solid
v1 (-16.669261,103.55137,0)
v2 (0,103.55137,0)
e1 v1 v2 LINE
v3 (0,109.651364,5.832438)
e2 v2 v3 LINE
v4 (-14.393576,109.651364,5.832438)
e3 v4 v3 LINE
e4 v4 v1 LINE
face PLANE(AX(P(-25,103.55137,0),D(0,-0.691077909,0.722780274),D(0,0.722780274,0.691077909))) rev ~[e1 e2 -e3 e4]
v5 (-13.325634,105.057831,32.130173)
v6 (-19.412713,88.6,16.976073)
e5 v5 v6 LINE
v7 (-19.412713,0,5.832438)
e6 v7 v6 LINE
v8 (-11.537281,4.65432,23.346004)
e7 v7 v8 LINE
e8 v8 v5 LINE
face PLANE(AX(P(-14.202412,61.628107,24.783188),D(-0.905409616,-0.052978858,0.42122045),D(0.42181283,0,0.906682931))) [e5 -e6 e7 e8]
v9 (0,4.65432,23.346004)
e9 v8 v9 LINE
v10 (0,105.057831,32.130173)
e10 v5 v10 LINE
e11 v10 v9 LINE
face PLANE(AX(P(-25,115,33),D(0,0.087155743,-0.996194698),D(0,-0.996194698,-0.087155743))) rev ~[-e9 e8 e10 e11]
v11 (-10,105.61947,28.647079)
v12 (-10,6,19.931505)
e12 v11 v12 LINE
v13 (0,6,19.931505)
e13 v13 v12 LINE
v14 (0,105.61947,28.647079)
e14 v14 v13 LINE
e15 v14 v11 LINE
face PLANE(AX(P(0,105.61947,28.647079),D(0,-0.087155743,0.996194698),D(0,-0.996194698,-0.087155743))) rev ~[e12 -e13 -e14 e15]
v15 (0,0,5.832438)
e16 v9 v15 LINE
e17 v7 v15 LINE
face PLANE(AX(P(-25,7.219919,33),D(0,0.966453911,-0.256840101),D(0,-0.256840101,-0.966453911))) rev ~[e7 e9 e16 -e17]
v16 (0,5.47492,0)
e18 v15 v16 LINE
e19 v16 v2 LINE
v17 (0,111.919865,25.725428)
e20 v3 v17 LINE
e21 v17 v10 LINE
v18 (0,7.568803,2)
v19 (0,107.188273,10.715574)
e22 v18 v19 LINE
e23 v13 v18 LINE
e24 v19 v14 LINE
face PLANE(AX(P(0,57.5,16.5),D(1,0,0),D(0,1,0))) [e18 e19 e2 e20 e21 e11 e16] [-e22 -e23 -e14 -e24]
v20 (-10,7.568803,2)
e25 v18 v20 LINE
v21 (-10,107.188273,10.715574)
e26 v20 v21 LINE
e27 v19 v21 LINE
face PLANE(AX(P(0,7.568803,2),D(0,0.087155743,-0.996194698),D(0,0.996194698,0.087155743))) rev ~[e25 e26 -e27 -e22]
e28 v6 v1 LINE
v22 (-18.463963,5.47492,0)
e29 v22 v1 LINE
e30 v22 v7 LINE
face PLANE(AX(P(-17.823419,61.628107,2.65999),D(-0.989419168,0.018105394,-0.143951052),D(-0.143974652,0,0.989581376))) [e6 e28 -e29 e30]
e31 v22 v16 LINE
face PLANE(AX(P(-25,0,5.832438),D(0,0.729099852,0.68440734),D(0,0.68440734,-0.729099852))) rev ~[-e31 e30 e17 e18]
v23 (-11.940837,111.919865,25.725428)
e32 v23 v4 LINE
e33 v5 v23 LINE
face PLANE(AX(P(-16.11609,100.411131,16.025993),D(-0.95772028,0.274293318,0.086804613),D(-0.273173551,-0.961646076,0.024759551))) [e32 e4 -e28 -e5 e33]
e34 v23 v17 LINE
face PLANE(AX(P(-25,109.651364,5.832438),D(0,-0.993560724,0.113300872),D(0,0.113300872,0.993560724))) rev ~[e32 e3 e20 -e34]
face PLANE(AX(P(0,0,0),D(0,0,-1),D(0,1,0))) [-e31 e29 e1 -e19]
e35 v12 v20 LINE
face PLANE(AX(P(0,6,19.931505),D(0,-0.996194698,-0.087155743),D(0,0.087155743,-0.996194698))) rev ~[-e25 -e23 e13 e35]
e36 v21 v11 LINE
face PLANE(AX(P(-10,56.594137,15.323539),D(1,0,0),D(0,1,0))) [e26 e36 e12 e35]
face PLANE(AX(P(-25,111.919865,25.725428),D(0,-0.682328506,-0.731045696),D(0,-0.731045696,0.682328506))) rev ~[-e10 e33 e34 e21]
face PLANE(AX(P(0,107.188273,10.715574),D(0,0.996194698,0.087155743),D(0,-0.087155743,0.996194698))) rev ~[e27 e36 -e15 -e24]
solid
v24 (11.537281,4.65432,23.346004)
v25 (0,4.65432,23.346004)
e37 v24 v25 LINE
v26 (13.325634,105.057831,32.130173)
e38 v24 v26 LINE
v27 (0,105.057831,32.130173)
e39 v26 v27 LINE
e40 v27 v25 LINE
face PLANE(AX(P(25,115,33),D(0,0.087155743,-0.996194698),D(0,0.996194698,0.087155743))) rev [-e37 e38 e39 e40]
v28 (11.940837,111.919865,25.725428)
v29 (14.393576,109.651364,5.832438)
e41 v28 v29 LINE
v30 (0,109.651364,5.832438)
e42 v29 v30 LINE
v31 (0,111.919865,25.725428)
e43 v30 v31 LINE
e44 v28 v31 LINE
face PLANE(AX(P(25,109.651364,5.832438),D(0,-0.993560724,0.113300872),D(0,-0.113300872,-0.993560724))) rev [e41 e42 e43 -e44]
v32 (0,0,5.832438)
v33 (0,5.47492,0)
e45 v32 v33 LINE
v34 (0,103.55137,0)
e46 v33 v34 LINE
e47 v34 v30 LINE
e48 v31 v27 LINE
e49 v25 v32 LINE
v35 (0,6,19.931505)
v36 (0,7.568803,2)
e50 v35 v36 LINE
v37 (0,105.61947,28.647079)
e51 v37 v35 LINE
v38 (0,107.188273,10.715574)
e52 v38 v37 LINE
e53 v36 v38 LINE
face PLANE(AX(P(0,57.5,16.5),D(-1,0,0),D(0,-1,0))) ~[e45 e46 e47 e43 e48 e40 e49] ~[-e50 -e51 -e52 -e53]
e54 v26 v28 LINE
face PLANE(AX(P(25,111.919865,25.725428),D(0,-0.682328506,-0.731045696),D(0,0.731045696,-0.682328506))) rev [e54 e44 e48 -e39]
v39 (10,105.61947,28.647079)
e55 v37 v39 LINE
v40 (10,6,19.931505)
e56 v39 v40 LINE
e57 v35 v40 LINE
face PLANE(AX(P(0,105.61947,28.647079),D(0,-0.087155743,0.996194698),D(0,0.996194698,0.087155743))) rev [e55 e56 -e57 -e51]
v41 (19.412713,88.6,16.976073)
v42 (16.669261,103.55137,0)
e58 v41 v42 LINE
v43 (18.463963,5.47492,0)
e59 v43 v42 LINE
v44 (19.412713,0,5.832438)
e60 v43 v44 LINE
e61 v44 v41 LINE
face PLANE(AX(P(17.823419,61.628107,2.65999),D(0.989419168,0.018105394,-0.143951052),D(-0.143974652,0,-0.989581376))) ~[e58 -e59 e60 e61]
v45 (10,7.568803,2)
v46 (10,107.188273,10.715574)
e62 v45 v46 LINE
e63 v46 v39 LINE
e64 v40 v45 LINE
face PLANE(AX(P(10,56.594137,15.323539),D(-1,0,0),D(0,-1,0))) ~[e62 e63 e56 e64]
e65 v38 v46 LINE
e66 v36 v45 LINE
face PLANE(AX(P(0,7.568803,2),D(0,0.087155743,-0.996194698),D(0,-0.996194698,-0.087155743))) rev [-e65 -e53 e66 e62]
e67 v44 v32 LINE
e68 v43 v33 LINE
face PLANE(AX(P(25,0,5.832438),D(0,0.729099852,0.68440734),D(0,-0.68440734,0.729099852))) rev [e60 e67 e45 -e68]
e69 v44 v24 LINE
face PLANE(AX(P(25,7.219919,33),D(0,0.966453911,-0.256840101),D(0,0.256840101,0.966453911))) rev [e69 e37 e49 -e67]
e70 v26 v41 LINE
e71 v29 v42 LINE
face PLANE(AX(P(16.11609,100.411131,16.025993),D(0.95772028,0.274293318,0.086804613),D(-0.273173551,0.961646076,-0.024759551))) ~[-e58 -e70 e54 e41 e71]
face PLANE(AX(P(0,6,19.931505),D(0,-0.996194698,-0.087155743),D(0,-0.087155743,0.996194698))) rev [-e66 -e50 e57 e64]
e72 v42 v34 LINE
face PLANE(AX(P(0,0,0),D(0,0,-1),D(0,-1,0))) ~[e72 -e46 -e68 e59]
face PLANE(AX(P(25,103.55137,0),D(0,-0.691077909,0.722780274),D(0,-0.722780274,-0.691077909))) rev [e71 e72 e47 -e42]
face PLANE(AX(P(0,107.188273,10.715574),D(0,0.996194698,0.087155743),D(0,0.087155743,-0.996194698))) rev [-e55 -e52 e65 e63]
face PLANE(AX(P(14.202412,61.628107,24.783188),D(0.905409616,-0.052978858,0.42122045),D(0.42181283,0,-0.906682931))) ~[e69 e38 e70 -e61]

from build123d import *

# Parameters (mm, degrees)
F0_W      = 115
F0_H      = 33
F1_DEPTH  = 25
F3_DEPTH  = 10
F5_DEPTH  = 25
F7_DEPTH  = 25
F9_DEPTH  = 25
F17_W     = 32.7993407845
F17_H     = 37.9629414529
F18_DEPTH = 25


with BuildPart() as f1:
    # F0 (on Right) → F1 (new body)
    with BuildSketch(Plane.YZ):
        with Locations((57.5, 16.5)):
            Rectangle(F0_W, F0_H)
    extrude(amount=-F1_DEPTH)

    # F2 (on face) → F3 (cut)
    with BuildSketch(Plane.YZ):
        Polygon((105.6194698092, 28.6470788404), (6, 19.9315045657), (7.5688033695, 2), (107.1882731786, 10.7155742748), align=None)
    extrude(amount=-F3_DEPTH, mode=Mode.SUBTRACT)

    # F4 (on face) → F5 (cut)
    with BuildSketch(Plane(origin=(-25, 0, 0), x_dir=(0, -1, 0), z_dir=(-1, 0, 0))):
        Polygon((0, 5.8324378915), (-5.4749199189, 0), (-7.2199194692, -11.1495498568), (5.3801964968, -11.1495498568), (5.3801964968, 35.8169563115), (-7.2199194692, 35.8169563115), (-7.2199194692, 33), align=None)
    extrude(amount=-F5_DEPTH, mode=Mode.SUBTRACT)

    # F6 (on face) → F7 (cut)
    with BuildSketch(Plane(origin=(-25, 0, 0), x_dir=(0, -1, 0), z_dir=(-1, 0, 0))):
        Polygon((-115, 33), (-4.6543203298, 23.3460039598), (-3.6770530503, 36.1189024326), (-115, 36.1189024326), align=None)
    extrude(amount=-F7_DEPTH, mode=Mode.SUBTRACT)

    # F8 (on face) → F9 (cut)
    with BuildSketch(Plane(origin=(-25, 0, 0), x_dir=(0, -1, 0), z_dir=(-1, 0, 0))):
        Polygon((-111.9198650122, 25.725428015), (-105.0578312922, 32.1301729472), (-121.2387805595, 36.2967017316), (-121.2387805595, -0.4341204442), (-103.5513704433, -4.0110512893), (-103.5513704433, 0), (-109.6513643861, 5.8324378915), align=None)
    extrude(amount=-F9_DEPTH, mode=Mode.SUBTRACT)

    # F12: sweep along a path in F11
    with BuildLine(Plane(origin=(-25, 0, 0), x_dir=(0, -1, 0), z_dir=(-1, 0, 0))) as f12_path:
        Line((0, 5.8324378915), (-123.256213963, 21.3349461555))
    # F10 (on Front) → F12 (sweep, cut)
    with BuildSketch(Plane.XZ):
        Polygon((-17.2159634531, -18.8802424818), (-16.2341240793, -16.0149671137), (-19.4127131253, 5.8324378915), (-8.9921113104, 28.2314289361), (-7.7811595984, 35.4352965951), (-12.1506929291, 37.1447764337), (-31.8302792653, 37.1447764337), (-30.6645408273, -5.6960321963), (-33.5724785489, -19.3253185429), align=None)
    sweep(path=f12_path.line, mode=Mode.SUBTRACT)

    # F17 (on 3pt) → F18 (cut)
    with BuildSketch(Plane(origin=(-42.4920744612, 12.1698290776, 3.8513417249), x_dir=(-0.2731735514, -0.961646076, 0.0247595513), z_dir=(-0.95772028, 0.2742933184, 0.0868046129))):
        with Locations((-91.7606838048, 14.5058231428)):
            Rectangle(F17_W, F17_H)
    extrude(amount=F18_DEPTH, mode=Mode.SUBTRACT)


with BuildPart() as f19_1:
    # F19: instance of F1
    add(f1.part.mirror(Plane.YZ))


solid = Compound([f1.part, f19_1.part])
